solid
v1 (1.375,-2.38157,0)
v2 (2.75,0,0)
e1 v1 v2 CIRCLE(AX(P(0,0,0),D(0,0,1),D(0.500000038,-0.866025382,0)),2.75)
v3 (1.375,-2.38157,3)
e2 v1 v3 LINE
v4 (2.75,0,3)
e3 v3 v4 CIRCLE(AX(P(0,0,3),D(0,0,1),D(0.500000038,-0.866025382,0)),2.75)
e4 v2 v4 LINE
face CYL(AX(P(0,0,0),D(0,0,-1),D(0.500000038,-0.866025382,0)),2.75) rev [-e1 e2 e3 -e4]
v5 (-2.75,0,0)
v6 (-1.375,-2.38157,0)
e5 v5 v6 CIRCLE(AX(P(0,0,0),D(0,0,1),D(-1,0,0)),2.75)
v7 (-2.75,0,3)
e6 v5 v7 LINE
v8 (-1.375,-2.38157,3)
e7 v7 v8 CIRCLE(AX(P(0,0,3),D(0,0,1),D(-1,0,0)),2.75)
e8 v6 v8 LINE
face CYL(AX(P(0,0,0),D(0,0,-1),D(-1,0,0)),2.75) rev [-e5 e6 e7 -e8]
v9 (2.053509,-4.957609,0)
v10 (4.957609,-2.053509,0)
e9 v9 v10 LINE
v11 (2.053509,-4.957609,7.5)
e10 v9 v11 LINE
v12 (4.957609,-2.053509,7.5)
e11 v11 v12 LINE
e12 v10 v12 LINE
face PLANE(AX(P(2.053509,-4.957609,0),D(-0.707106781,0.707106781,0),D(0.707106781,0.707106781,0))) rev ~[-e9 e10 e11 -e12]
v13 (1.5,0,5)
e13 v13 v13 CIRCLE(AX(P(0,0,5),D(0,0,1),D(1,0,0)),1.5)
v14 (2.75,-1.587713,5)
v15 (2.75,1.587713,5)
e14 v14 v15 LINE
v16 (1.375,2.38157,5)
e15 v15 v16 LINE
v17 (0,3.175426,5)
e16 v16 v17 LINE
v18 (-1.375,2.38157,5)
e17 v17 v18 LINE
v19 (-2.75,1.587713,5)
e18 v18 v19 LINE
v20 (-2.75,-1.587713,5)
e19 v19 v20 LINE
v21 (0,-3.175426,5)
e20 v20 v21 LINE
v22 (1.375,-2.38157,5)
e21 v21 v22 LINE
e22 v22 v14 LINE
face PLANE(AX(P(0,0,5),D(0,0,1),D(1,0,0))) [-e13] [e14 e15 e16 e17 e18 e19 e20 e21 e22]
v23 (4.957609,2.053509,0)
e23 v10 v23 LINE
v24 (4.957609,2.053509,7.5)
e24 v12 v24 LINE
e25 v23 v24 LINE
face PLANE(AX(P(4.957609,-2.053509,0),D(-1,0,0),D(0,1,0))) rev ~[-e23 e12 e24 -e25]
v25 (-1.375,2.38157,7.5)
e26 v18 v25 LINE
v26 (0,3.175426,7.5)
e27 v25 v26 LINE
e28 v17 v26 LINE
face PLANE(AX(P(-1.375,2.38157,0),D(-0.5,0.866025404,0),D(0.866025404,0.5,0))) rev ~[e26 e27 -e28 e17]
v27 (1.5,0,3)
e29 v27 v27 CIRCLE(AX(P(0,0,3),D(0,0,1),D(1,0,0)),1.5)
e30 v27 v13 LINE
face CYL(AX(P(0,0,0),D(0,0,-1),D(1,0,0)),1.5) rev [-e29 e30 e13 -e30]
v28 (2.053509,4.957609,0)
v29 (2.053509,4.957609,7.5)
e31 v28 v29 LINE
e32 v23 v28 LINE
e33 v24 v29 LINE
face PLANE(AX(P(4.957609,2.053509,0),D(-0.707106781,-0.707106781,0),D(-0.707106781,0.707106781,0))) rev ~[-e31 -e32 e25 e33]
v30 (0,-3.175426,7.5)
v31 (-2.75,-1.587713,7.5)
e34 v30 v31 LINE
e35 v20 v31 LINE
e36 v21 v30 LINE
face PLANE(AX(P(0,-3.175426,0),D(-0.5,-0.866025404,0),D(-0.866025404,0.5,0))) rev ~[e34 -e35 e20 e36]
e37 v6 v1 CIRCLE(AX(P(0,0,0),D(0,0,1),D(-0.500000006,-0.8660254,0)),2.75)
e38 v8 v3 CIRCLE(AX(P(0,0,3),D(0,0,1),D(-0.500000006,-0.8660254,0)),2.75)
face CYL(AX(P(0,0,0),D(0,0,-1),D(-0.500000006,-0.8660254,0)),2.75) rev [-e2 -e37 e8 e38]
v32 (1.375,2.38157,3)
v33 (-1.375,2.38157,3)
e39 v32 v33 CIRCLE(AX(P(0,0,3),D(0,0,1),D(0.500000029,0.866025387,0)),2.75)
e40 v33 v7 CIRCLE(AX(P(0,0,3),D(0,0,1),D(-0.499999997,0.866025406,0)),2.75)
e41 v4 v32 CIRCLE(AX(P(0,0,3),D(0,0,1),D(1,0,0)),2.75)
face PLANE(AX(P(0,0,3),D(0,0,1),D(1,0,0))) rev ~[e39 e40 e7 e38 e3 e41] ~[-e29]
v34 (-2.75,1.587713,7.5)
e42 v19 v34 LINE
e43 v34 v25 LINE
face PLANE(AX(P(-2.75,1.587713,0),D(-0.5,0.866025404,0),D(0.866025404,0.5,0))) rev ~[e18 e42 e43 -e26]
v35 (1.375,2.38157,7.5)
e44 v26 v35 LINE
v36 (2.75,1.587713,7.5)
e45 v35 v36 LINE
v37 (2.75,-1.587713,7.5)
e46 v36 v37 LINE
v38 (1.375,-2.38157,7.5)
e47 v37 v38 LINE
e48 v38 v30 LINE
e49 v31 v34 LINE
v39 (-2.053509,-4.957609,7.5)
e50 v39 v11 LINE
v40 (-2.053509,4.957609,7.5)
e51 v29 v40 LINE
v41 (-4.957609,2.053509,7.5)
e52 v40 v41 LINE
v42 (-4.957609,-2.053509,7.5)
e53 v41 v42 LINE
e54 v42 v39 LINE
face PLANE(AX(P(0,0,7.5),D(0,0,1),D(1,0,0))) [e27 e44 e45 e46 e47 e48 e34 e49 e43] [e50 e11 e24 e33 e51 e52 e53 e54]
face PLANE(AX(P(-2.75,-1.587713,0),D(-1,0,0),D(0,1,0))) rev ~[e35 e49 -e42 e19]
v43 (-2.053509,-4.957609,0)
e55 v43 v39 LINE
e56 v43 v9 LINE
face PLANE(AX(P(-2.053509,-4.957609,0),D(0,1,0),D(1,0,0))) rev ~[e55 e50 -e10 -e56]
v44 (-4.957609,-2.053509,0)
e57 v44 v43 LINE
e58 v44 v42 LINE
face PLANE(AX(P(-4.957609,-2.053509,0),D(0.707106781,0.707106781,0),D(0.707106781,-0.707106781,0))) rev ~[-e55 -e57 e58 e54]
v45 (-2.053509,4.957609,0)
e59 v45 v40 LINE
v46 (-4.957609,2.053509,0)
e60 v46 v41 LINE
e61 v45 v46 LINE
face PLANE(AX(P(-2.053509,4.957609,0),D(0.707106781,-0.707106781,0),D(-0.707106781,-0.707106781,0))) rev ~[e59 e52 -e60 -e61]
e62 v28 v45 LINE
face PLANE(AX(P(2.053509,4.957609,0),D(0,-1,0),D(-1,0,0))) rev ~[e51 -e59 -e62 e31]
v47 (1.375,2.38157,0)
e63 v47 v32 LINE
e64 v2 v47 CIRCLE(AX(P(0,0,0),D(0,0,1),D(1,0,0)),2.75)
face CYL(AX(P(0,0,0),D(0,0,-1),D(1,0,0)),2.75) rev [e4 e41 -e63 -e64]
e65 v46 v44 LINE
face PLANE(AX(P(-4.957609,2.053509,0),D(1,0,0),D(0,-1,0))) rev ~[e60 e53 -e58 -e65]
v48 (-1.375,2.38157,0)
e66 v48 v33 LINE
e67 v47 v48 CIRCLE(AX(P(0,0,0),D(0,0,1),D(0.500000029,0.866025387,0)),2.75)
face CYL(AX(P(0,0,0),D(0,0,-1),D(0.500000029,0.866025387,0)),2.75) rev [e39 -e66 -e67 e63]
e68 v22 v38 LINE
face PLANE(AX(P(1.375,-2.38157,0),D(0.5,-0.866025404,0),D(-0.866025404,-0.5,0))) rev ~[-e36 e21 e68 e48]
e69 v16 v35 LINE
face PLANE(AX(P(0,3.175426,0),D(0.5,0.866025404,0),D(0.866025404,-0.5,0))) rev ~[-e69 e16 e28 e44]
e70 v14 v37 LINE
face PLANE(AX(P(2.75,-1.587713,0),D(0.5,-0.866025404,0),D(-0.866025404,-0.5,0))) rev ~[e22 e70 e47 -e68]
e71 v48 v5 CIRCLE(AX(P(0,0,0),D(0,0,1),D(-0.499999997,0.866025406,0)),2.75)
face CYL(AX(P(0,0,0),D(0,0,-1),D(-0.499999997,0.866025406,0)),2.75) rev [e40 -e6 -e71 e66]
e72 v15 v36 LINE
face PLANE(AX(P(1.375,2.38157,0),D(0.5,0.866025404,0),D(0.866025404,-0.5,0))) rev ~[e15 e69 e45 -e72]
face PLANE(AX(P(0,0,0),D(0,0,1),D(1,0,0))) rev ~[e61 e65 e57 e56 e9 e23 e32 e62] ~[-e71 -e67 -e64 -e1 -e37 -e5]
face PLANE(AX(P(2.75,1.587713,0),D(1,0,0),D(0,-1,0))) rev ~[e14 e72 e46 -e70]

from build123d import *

# Parameters (mm, degrees)
F1_DEPTH = 7.5
F2_DEPTH = 5
F0_R     = 1.5
F3_DEPTH = 5
F4_DEPTH = 3


with BuildPart() as f1:
    # F0 (on Top) → F1 (new body)
    with BuildSketch(Plane.XY):
        Polygon((2.0535090273, 4.9576093443), (-2.0535090273, 4.9576093443), (-4.9576093443, 2.0535090273), (-4.9576093443, -2.0535090273), (-2.0535090273, -4.9576093443), (2.0535090273, -4.9576093443), (4.9576093443, -2.0535090273), (4.9576093443, 2.0535090273), align=None)
        Polygon((2.75, 1.5877132403), (2.75, 0), (2.75, -1.5877132403), (1.3750001046, -2.3815698), (0, -3.1754264805), (-1.3750000168, -2.3815698507), (-2.75, -1.5877132403), (-2.75, 0), (-2.75, 1.5877132403), (-1.3749999907, 2.3815698658), (0, 3.1754264805), (1.3750000803, 2.381569814), align=None, mode=Mode.SUBTRACT)
    extrude(amount=F1_DEPTH)

    # F0 (on Top) → F2 (join)
    with BuildSketch(Plane.XY):
        with BuildLine():
            ThreePointArc((-2.75, 0), (-2.3815698577, 1.3750000046), (-1.3749999907, 2.3815698658))
            Line((-1.3749999907, 2.3815698658), (-2.75, 1.5877132403))
            Line((-2.75, 1.5877132403), (-2.75, 0))
        make_face()
        with BuildLine():
            ThreePointArc((-1.3749999907, 2.3815698658), (5.17e-08, 2.75), (1.3750000803, 2.381569814))
            Line((1.3750000803, 2.381569814), (0, 3.1754264805))
            Line((0, 3.1754264805), (-1.3749999907, 2.3815698658))
        make_face()
        with BuildLine():
            ThreePointArc((1.3750000803, 2.381569814), (2.3815698836, 1.3749999598), (2.75, 0))
            Line((2.75, 0), (2.75, 1.5877132403))
            Line((2.75, 1.5877132403), (1.3750000803, 2.381569814))
        make_face()
        with BuildLine():
            Line((2.75, -1.5877132403), (2.75, 0))
            ThreePointArc((2.75, 0), (2.3815698906, -1.3749999477), (1.3750001046, -2.3815698))
            Line((1.3750001046, -2.3815698), (2.75, -1.5877132403))
        make_face()
        with BuildLine():
            Line((0, -3.1754264805), (1.3750001046, -2.3815698))
            ThreePointArc((1.3750001046, -2.3815698), (5.07e-08, -2.75), (-1.3750000168, -2.3815698507))
            Line((-1.3750000168, -2.3815698507), (0, -3.1754264805))
        make_face()
        with BuildLine():
            Line((-2.75, -1.5877132403), (-1.3750000168, -2.3815698507))
            ThreePointArc((-1.3750000168, -2.3815698507), (-2.3815698653, -1.3749999916), (-2.75, 0))
            Line((-2.75, 0), (-2.75, -1.5877132403))
        make_face()
    extrude(amount=F2_DEPTH)

    # F0 (on Top) → F3 (join)
    with BuildSketch(Plane.XY):
        with BuildLine():
            ThreePointArc((1.3750001046, -2.3815698), (2.3815698906, -1.3749999477), (2.75, 0))
            ThreePointArc((2.75, 0), (2.3815698836, 1.3749999598), (1.3750000803, 2.381569814))
            ThreePointArc((1.3750000803, 2.381569814), (5.17e-08, 2.75), (-1.3749999907, 2.3815698658))
            ThreePointArc((-1.3749999907, 2.3815698658), (-2.3815698577, 1.3750000046), (-2.75, 0))
            ThreePointArc((-2.75, 0), (-2.3815698653, -1.3749999916), (-1.3750000168, -2.3815698507))
            ThreePointArc((-1.3750000168, -2.3815698507), (5.07e-08, -2.75), (1.3750001046, -2.3815698))
        make_face()
        Circle(F0_R, mode=Mode.SUBTRACT)
    extrude(amount=F3_DEPTH)

    # F0 (on Top) → F4 (cut)
    with BuildSketch(Plane.XY):
        with BuildLine():
            ThreePointArc((1.3750001046, -2.3815698), (2.3815698906, -1.3749999477), (2.75, 0))
            ThreePointArc((2.75, 0), (2.3815698836, 1.3749999598), (1.3750000803, 2.381569814))
            ThreePointArc((1.3750000803, 2.381569814), (5.17e-08, 2.75), (-1.3749999907, 2.3815698658))
            ThreePointArc((-1.3749999907, 2.3815698658), (-2.3815698577, 1.3750000046), (-2.75, 0))
            ThreePointArc((-2.75, 0), (-2.3815698653, -1.3749999916), (-1.3750000168, -2.3815698507))
            ThreePointArc((-1.3750000168, -2.3815698507), (5.07e-08, -2.75), (1.3750001046, -2.3815698))
        make_face()
        Circle(F0_R, mode=Mode.SUBTRACT)
    extrude(amount=F4_DEPTH, mode=Mode.SUBTRACT)


solid = f1.part
